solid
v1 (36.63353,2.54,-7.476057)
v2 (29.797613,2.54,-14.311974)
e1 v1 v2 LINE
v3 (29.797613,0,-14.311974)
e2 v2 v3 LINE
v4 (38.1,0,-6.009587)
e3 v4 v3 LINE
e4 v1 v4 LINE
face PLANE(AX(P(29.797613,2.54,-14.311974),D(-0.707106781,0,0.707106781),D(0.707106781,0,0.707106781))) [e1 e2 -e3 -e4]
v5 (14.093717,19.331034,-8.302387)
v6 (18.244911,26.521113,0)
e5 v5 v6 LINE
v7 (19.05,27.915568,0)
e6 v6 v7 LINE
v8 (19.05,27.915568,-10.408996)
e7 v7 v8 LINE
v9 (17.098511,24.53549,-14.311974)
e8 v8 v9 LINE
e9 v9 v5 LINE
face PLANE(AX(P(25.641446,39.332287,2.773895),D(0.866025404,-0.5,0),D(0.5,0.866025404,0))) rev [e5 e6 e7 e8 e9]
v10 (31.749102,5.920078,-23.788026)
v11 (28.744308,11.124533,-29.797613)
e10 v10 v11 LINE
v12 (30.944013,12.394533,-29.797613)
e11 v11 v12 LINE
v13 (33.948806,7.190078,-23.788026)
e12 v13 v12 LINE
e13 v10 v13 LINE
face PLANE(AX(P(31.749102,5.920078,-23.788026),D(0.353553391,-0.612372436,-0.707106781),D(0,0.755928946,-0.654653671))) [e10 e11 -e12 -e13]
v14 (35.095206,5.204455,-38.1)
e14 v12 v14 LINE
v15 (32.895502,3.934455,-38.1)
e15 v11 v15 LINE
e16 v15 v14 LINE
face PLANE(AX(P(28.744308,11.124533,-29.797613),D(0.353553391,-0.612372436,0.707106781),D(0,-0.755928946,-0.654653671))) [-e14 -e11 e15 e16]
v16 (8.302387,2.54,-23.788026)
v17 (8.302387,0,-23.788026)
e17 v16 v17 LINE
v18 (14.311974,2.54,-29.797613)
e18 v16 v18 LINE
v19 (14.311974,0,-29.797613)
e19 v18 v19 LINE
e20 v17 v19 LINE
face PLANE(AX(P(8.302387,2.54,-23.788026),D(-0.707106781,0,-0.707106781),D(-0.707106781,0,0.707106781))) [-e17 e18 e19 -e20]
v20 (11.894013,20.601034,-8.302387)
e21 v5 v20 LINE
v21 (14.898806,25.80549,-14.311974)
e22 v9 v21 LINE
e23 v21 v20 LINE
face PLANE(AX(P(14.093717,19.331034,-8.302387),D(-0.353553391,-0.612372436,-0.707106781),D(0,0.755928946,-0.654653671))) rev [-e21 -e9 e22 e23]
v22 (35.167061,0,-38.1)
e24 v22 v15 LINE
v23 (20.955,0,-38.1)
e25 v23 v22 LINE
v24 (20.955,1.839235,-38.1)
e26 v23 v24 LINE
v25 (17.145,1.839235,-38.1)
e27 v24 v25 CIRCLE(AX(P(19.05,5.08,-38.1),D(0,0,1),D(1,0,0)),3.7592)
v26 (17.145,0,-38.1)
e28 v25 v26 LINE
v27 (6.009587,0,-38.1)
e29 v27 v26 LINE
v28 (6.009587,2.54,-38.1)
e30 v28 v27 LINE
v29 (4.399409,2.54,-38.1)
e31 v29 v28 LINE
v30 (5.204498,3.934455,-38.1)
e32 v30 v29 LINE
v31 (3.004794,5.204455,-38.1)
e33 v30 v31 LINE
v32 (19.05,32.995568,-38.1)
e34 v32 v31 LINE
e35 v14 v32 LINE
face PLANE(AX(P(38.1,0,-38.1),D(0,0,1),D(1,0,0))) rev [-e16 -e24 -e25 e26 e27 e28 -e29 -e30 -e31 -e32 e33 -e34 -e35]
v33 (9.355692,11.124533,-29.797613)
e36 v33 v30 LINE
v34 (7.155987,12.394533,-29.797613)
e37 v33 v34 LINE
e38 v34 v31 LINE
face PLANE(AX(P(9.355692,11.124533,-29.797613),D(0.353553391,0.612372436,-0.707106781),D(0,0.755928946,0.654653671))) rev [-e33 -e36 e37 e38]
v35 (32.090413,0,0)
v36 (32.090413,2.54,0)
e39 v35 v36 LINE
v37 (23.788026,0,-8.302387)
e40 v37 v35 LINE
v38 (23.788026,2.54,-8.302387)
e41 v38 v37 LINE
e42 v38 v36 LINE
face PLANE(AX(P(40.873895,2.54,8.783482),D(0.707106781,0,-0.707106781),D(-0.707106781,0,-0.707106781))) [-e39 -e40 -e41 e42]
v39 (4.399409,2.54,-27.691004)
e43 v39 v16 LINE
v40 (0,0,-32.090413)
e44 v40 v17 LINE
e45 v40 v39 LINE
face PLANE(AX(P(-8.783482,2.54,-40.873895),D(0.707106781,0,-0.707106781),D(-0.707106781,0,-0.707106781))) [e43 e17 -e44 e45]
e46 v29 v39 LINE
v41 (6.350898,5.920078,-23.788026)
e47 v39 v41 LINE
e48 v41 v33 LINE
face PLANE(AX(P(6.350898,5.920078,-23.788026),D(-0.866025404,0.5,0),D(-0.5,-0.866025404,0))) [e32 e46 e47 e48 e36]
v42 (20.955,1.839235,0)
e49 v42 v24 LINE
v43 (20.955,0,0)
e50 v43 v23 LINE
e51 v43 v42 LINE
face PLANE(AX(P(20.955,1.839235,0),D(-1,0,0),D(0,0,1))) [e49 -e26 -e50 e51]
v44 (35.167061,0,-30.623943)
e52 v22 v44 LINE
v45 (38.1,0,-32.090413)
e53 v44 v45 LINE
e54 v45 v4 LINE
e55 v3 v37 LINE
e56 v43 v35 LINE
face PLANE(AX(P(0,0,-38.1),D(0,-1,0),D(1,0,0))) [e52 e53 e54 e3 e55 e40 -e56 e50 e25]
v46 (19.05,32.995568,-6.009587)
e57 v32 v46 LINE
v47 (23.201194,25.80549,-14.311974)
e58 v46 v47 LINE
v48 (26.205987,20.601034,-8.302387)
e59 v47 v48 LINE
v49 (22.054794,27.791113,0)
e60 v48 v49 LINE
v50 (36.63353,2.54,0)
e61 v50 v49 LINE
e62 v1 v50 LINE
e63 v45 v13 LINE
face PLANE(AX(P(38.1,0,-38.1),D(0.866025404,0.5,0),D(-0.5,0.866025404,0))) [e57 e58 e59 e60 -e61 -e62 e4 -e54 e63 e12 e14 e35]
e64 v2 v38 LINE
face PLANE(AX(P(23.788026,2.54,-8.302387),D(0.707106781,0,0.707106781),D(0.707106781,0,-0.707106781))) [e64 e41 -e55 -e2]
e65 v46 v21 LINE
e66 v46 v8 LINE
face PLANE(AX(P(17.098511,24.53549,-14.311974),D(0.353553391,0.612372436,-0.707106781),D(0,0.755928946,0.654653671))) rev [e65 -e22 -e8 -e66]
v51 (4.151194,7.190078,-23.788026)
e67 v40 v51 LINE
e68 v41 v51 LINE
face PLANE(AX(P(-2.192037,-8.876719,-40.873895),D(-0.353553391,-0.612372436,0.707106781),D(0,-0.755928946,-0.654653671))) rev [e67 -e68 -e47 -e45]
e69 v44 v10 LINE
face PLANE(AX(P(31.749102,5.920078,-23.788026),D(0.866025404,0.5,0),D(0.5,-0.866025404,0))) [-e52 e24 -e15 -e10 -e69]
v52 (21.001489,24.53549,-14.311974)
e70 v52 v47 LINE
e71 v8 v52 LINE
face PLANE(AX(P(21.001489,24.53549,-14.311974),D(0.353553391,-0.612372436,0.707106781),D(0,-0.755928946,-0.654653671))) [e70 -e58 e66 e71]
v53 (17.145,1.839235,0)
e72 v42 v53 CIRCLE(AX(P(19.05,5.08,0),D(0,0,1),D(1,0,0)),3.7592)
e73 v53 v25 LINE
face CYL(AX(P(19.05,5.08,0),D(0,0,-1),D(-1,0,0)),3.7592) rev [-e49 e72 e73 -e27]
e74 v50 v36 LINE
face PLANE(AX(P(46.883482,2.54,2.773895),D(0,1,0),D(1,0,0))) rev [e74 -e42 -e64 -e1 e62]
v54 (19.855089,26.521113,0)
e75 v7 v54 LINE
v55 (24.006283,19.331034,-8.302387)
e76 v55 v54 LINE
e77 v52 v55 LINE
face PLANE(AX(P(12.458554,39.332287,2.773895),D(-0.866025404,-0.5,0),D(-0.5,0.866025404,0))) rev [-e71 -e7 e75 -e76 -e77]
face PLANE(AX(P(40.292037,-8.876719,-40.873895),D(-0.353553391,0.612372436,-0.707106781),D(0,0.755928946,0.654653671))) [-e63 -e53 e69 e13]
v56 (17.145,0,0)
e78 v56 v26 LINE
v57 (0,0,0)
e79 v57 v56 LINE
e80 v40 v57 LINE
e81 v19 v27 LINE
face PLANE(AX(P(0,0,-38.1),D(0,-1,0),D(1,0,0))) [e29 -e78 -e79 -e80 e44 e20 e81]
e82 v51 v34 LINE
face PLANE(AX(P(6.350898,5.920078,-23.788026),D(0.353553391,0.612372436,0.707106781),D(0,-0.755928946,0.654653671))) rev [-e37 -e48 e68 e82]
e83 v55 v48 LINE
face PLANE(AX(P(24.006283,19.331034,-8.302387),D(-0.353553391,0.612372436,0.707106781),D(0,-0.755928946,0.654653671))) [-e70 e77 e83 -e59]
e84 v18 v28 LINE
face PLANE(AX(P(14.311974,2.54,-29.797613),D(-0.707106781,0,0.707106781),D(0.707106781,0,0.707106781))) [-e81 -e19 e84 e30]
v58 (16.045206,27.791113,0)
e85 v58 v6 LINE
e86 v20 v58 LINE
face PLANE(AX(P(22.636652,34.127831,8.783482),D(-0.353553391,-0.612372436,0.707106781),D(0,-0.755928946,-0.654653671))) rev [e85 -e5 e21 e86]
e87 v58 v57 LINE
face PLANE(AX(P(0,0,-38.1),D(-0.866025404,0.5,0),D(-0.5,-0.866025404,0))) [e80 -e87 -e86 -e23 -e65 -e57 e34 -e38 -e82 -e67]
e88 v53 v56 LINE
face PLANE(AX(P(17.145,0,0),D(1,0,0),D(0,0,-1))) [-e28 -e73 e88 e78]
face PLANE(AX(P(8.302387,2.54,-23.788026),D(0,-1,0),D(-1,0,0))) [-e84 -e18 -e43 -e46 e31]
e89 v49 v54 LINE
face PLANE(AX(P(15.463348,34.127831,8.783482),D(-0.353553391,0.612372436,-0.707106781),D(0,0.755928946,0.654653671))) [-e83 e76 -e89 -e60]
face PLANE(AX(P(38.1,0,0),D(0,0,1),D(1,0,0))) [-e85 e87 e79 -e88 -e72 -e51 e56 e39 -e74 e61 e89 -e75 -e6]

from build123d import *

# Parameters (mm, degrees)
MAIN_TRAPIZOID_DEPTH = 38.1
CUT_EXTRUDE3_DEPTH   = 64.181702256
MARKER_CHANNEL_DEPTH = 2.54


with BuildPart() as part:
    # Sketch1 → Main trapizoid (new body)
    with BuildSketch(Plane.XY):
        Polygon((0, 0), (19.05, 32.995567884), (38.1, 0), align=None)
    extrude(amount=-MAIN_TRAPIZOID_DEPTH)

    # Sketch15 → Cut-Extrude3 (cut, through all)
    with BuildSketch(Plane.XY.offset(-38.1)):
        with BuildLine():
            Line((17.145, 0), (17.145, 1.839234714))
            ThreePointArc((17.145, 1.839234714), (19.05, 8.8392), (20.955, 1.839234714))
            Line((20.955, 1.839234714), (20.955, 0))
            Line((20.955, 0), (17.145, 0))
        make_face()
    extrude(amount=CUT_EXTRUDE3_DEPTH, mode=Mode.SUBTRACT)

    # Sketch4 → Marker channel (cut)
    with BuildSketch(Plane(origin=(0, 0, 0), x_dir=(0, 0, 1), z_dir=(-0.8660254037844386, 0.5000000000000001, 0))):
        Polygon((2.773894864, 46.88348226), (8.78348226, 40.873894864), (-8.302387048, 23.788025556), (-14.311974444, 29.797612952), align=None)
        Polygon((-23.788025556, 8.302387048), (-29.797612952, 14.311974444), (-46.88348226, -2.773894864), (-40.873894864, -8.78348226), align=None)
    marker_channel = extrude(amount=-MARKER_CHANNEL_DEPTH, mode=Mode.SUBTRACT)

    # Mirror1: Marker channel across plane
    add(marker_channel.mirror(Plane.ZY.offset(-19.05)), mode=Mode.SUBTRACT)

    # Mirror2: Marker channel across plane
    add(marker_channel.mirror(Plane(origin=(0, 0, 0), x_dir=(0, 0, 1), z_dir=(-0.5000000000000001, 0.8660254037844386, 0))), mode=Mode.SUBTRACT)


solid = part.part
